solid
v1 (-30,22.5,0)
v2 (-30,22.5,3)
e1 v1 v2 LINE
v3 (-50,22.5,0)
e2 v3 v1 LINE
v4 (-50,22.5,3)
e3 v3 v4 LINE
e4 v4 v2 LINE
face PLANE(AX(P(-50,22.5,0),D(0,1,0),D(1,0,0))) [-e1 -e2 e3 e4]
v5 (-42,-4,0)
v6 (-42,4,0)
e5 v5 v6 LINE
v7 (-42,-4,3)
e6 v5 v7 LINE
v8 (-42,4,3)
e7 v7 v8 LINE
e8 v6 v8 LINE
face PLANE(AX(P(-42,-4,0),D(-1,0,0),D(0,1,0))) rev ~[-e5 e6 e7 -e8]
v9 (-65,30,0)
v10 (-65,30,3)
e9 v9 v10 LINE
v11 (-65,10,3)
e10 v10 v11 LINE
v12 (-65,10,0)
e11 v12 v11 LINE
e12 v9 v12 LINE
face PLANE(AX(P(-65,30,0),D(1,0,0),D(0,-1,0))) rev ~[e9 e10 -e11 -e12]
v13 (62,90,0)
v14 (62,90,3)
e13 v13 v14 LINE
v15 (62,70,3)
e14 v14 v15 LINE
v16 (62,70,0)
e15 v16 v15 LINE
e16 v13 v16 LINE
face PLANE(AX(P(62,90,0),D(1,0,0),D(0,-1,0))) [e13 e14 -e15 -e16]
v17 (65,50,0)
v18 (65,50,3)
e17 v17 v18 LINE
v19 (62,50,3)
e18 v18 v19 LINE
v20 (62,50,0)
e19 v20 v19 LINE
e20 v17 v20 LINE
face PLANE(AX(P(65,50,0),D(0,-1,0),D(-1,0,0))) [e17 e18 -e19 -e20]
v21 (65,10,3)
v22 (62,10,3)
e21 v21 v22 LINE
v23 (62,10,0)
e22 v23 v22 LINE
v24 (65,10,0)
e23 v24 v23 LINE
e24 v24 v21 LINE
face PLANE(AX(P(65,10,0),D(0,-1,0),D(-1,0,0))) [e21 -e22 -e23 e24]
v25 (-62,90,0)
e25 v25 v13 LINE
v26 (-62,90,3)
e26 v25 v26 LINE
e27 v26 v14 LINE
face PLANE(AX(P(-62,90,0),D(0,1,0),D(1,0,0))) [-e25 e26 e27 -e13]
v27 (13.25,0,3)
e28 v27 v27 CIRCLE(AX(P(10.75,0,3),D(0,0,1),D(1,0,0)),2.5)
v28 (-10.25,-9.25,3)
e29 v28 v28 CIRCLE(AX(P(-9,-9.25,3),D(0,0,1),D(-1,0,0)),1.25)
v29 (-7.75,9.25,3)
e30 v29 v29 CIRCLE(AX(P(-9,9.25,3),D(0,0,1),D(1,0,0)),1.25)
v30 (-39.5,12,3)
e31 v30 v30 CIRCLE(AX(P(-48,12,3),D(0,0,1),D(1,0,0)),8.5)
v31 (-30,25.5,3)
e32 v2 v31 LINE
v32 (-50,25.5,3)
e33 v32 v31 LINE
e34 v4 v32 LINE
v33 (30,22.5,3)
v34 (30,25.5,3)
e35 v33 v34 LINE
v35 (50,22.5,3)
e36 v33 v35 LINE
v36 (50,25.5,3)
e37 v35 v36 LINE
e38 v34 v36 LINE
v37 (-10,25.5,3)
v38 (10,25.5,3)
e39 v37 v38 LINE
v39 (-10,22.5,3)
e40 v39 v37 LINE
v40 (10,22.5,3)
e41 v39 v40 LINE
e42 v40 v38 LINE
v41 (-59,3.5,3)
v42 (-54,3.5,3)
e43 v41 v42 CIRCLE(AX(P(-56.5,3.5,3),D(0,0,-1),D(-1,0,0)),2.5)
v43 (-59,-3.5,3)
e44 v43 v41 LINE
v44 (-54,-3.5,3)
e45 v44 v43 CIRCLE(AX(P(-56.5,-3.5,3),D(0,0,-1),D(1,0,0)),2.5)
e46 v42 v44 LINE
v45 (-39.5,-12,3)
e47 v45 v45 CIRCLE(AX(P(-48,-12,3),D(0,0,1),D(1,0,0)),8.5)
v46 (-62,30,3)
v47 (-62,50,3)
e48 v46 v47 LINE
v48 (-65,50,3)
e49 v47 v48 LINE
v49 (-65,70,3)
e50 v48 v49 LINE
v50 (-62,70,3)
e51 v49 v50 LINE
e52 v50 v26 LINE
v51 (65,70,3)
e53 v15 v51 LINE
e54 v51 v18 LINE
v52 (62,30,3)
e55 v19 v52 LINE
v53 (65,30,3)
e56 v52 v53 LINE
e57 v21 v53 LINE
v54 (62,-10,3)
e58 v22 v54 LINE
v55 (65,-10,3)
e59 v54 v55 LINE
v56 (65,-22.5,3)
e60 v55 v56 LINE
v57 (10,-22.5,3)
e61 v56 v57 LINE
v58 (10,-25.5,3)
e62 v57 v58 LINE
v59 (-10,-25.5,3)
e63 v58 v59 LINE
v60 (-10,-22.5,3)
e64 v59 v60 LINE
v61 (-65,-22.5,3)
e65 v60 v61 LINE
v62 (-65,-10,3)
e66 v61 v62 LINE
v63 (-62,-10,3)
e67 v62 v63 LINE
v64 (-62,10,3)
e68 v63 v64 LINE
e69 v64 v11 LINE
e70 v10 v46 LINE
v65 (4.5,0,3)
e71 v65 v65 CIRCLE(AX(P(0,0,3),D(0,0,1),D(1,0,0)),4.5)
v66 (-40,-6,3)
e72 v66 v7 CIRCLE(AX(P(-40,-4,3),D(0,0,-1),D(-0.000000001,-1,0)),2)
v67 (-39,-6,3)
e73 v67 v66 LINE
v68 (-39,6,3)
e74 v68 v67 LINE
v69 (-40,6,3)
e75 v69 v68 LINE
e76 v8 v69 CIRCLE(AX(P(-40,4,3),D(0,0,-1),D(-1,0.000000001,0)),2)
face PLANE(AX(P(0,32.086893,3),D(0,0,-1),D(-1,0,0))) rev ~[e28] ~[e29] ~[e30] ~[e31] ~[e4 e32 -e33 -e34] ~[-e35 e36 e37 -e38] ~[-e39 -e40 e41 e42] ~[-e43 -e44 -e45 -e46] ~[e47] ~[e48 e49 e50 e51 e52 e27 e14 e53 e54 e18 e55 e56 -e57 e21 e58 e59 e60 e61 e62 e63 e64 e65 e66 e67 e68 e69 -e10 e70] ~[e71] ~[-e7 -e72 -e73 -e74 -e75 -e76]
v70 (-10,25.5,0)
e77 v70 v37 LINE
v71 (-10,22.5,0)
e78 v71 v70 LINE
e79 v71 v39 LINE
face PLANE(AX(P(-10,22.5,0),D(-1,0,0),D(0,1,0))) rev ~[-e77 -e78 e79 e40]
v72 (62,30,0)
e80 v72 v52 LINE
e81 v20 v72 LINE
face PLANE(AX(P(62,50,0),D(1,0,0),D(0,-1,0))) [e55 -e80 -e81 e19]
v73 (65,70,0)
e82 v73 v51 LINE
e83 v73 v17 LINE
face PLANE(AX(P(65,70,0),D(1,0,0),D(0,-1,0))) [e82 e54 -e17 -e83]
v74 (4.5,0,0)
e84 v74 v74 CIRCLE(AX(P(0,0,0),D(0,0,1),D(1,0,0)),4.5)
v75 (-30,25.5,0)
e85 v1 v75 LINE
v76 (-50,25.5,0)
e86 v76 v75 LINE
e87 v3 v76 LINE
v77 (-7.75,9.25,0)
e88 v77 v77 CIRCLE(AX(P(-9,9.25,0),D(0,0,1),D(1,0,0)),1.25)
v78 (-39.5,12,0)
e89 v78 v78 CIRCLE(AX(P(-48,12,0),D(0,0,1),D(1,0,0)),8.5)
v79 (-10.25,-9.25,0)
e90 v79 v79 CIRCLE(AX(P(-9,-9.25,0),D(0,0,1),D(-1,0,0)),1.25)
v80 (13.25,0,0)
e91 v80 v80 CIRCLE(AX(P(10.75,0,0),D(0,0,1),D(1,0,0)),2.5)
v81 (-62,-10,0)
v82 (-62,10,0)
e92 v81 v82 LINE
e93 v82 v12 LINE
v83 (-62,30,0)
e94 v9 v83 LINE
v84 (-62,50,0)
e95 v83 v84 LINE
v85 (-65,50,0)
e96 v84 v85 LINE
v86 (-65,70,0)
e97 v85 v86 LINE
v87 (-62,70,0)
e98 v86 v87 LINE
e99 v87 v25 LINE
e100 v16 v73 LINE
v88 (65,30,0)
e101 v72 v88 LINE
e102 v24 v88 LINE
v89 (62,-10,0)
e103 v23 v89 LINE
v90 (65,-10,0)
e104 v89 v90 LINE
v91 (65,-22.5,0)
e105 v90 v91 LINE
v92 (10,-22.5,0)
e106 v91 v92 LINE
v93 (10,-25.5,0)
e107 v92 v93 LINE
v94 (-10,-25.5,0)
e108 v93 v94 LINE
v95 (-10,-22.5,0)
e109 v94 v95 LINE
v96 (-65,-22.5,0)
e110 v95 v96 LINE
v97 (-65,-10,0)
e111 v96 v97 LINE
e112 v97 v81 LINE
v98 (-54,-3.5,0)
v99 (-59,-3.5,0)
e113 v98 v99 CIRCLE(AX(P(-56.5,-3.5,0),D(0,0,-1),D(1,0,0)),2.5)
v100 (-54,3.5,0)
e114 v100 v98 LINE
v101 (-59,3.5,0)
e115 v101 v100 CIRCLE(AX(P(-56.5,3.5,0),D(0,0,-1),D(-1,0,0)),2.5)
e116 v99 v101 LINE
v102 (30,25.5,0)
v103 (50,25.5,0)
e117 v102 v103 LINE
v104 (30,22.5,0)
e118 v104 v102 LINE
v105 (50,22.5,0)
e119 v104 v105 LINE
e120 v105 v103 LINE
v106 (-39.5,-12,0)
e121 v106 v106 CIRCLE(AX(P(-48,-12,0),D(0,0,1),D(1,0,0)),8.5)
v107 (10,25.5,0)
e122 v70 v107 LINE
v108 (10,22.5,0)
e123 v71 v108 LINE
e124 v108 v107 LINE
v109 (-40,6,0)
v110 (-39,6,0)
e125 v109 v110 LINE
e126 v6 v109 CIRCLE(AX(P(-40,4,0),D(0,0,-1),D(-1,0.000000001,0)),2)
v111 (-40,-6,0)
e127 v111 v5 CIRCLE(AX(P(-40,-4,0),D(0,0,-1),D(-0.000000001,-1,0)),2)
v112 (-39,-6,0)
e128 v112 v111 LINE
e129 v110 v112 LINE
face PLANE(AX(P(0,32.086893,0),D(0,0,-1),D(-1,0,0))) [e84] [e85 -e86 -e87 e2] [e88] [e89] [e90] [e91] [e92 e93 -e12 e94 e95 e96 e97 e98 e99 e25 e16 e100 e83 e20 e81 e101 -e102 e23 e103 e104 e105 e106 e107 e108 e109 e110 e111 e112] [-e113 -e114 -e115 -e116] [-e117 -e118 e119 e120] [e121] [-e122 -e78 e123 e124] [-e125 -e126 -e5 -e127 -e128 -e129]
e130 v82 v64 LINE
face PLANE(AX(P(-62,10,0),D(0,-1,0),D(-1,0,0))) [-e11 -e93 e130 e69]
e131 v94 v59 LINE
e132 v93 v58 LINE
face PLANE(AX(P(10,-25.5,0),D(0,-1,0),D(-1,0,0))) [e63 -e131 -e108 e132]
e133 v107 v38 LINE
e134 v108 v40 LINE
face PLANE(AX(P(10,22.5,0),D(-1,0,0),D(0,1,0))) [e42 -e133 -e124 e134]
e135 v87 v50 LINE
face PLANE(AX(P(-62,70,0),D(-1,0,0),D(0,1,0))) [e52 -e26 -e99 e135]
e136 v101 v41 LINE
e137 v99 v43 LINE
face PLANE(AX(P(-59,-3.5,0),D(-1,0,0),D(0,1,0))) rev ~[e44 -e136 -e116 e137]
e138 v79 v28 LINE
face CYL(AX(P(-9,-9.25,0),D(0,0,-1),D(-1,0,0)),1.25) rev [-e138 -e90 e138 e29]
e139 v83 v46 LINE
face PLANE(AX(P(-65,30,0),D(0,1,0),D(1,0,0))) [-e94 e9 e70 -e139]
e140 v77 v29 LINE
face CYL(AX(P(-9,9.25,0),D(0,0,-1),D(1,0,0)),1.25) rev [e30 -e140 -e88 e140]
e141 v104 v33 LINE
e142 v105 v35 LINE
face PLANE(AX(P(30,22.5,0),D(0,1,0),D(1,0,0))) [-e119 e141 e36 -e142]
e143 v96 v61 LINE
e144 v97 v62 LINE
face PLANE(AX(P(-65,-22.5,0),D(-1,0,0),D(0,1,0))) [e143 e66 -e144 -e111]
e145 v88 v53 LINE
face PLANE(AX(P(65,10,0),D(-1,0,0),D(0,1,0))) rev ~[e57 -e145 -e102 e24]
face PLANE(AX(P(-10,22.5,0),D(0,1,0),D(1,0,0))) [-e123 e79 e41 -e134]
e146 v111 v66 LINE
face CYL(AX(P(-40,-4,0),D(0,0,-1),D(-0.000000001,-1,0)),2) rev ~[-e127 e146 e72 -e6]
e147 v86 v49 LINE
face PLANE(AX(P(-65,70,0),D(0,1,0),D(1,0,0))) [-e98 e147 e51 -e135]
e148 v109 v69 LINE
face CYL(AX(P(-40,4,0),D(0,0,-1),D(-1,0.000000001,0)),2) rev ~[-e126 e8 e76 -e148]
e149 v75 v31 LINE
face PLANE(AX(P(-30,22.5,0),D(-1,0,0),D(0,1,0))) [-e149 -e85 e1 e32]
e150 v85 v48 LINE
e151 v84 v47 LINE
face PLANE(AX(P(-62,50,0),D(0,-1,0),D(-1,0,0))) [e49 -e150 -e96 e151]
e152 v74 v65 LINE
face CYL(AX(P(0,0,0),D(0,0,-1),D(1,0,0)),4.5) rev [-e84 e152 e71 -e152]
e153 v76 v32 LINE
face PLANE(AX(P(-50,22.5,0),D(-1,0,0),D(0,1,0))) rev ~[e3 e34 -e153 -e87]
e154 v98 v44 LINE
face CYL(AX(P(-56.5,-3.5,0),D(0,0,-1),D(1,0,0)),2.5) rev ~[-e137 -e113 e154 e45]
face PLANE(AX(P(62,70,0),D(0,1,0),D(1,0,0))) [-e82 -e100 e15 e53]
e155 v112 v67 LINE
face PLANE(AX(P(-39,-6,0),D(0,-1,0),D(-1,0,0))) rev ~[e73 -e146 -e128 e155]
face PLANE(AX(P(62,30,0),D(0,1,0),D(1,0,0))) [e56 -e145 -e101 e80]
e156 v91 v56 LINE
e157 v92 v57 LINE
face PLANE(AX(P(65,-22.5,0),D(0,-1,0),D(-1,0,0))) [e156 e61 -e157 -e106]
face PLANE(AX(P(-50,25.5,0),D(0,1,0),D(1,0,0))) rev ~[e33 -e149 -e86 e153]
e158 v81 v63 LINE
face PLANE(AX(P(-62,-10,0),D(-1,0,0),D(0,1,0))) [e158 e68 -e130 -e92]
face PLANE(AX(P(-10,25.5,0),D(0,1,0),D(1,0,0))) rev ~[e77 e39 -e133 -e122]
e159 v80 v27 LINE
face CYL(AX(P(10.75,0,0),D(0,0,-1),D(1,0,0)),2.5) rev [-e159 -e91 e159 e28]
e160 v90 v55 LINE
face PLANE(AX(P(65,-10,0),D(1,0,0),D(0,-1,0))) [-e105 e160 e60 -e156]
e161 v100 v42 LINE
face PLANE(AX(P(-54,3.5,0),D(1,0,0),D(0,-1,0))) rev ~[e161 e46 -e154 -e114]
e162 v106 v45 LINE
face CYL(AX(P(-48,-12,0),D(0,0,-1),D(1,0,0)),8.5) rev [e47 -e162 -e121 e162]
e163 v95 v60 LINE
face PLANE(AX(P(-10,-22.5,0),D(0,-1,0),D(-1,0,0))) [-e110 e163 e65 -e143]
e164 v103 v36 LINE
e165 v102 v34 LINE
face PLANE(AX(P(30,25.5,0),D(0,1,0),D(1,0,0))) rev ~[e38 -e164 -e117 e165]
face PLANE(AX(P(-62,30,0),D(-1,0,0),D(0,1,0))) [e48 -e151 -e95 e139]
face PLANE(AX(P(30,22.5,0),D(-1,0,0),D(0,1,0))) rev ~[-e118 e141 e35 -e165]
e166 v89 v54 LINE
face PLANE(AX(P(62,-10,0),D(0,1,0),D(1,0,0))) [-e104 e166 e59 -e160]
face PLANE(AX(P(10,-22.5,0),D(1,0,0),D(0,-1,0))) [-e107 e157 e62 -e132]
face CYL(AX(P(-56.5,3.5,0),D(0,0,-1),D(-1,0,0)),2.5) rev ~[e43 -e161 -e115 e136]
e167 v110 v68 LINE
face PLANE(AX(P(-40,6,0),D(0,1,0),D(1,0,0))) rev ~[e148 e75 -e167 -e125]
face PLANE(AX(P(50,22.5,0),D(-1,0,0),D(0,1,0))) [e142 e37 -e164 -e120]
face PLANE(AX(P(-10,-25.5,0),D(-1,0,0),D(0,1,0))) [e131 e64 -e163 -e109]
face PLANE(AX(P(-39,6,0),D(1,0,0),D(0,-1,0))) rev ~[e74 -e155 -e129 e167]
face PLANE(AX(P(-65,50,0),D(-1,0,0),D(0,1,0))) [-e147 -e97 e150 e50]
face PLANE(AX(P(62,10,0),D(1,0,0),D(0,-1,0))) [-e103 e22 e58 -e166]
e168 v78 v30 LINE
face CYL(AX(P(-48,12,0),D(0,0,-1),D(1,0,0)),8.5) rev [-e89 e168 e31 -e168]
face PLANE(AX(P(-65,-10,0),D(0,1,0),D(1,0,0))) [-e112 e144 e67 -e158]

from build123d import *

# Parameters (mm, degrees)
SKETCH1_R           = 8.5
SKETCH1_R_2         = 4.5
SKETCH1_R_3         = 2.5
SKETCH1_R_4         = 1.25
SKETCH1_W           = 20
SKETCH1_H           = 3
BOSS_EXTRUDE1_DEPTH = 3


with BuildPart() as part:
    # Sketch1 → Boss-Extrude1 (new body)
    with BuildSketch(Plane.XY):
        Polygon((-10, -22.5), (-65, -22.5), (-65, -10), (-62, -10), (-62, 10), (-65, 10), (-65, 22.5), (-65, 30), (-62, 30), (-62, 50), (-65, 50), (-65, 70), (-62, 70), (-62, 90), (62, 90), (62, 70), (65, 70), (65, 50), (62, 50), (62, 30), (65, 30), (65, 22.5), (65, 10), (62, 10), (62, -10), (65, -10), (65, -22.5), (10, -22.5), (10, -25.5), (-10, -25.5), align=None)
        with Locations((-48, 12)):
            Circle(SKETCH1_R, mode=Mode.SUBTRACT)
        with Locations((-48, -12)):
            Circle(SKETCH1_R, mode=Mode.SUBTRACT)
        Circle(SKETCH1_R_2, mode=Mode.SUBTRACT)
        with Locations((10.75, 0)):
            Circle(SKETCH1_R_3, mode=Mode.SUBTRACT)
        with Locations((-9, 9.25)):
            Circle(SKETCH1_R_4, mode=Mode.SUBTRACT)
        with Locations(Location((-9, -9.25, 0), (0, 0, 180))):
            Circle(SKETCH1_R_4, mode=Mode.SUBTRACT)
        with BuildLine():
            Line((-54, 3.5), (-54, -3.5))
            ThreePointArc((-54, -3.5), (-56.5, -6), (-59, -3.5))
            Line((-59, -3.5), (-59, 3.5))
            ThreePointArc((-59, 3.5), (-56.5, 6), (-54, 3.5))
        make_face(mode=Mode.SUBTRACT)
        with BuildLine():
            Line((-39, -6), (-40, -6))
            ThreePointArc((-40, -6), (-41.414213562, -5.414213562), (-42, -4))
            Line((-42, -4), (-42, 4))
            ThreePointArc((-42, 4), (-41.414213562, 5.414213562), (-40, 6))
            Line((-40, 6), (-39, 6))
            Line((-39, 6), (-39, -6))
        make_face(mode=Mode.SUBTRACT)
        with Locations((40, 24)):
            Rectangle(SKETCH1_W, SKETCH1_H, mode=Mode.SUBTRACT)
        with Locations((0, 24)):
            Rectangle(SKETCH1_W, SKETCH1_H, mode=Mode.SUBTRACT)
        with Locations((-40, 24)):
            Rectangle(SKETCH1_W, SKETCH1_H, mode=Mode.SUBTRACT)
    extrude(amount=BOSS_EXTRUDE1_DEPTH)


solid = part.part
